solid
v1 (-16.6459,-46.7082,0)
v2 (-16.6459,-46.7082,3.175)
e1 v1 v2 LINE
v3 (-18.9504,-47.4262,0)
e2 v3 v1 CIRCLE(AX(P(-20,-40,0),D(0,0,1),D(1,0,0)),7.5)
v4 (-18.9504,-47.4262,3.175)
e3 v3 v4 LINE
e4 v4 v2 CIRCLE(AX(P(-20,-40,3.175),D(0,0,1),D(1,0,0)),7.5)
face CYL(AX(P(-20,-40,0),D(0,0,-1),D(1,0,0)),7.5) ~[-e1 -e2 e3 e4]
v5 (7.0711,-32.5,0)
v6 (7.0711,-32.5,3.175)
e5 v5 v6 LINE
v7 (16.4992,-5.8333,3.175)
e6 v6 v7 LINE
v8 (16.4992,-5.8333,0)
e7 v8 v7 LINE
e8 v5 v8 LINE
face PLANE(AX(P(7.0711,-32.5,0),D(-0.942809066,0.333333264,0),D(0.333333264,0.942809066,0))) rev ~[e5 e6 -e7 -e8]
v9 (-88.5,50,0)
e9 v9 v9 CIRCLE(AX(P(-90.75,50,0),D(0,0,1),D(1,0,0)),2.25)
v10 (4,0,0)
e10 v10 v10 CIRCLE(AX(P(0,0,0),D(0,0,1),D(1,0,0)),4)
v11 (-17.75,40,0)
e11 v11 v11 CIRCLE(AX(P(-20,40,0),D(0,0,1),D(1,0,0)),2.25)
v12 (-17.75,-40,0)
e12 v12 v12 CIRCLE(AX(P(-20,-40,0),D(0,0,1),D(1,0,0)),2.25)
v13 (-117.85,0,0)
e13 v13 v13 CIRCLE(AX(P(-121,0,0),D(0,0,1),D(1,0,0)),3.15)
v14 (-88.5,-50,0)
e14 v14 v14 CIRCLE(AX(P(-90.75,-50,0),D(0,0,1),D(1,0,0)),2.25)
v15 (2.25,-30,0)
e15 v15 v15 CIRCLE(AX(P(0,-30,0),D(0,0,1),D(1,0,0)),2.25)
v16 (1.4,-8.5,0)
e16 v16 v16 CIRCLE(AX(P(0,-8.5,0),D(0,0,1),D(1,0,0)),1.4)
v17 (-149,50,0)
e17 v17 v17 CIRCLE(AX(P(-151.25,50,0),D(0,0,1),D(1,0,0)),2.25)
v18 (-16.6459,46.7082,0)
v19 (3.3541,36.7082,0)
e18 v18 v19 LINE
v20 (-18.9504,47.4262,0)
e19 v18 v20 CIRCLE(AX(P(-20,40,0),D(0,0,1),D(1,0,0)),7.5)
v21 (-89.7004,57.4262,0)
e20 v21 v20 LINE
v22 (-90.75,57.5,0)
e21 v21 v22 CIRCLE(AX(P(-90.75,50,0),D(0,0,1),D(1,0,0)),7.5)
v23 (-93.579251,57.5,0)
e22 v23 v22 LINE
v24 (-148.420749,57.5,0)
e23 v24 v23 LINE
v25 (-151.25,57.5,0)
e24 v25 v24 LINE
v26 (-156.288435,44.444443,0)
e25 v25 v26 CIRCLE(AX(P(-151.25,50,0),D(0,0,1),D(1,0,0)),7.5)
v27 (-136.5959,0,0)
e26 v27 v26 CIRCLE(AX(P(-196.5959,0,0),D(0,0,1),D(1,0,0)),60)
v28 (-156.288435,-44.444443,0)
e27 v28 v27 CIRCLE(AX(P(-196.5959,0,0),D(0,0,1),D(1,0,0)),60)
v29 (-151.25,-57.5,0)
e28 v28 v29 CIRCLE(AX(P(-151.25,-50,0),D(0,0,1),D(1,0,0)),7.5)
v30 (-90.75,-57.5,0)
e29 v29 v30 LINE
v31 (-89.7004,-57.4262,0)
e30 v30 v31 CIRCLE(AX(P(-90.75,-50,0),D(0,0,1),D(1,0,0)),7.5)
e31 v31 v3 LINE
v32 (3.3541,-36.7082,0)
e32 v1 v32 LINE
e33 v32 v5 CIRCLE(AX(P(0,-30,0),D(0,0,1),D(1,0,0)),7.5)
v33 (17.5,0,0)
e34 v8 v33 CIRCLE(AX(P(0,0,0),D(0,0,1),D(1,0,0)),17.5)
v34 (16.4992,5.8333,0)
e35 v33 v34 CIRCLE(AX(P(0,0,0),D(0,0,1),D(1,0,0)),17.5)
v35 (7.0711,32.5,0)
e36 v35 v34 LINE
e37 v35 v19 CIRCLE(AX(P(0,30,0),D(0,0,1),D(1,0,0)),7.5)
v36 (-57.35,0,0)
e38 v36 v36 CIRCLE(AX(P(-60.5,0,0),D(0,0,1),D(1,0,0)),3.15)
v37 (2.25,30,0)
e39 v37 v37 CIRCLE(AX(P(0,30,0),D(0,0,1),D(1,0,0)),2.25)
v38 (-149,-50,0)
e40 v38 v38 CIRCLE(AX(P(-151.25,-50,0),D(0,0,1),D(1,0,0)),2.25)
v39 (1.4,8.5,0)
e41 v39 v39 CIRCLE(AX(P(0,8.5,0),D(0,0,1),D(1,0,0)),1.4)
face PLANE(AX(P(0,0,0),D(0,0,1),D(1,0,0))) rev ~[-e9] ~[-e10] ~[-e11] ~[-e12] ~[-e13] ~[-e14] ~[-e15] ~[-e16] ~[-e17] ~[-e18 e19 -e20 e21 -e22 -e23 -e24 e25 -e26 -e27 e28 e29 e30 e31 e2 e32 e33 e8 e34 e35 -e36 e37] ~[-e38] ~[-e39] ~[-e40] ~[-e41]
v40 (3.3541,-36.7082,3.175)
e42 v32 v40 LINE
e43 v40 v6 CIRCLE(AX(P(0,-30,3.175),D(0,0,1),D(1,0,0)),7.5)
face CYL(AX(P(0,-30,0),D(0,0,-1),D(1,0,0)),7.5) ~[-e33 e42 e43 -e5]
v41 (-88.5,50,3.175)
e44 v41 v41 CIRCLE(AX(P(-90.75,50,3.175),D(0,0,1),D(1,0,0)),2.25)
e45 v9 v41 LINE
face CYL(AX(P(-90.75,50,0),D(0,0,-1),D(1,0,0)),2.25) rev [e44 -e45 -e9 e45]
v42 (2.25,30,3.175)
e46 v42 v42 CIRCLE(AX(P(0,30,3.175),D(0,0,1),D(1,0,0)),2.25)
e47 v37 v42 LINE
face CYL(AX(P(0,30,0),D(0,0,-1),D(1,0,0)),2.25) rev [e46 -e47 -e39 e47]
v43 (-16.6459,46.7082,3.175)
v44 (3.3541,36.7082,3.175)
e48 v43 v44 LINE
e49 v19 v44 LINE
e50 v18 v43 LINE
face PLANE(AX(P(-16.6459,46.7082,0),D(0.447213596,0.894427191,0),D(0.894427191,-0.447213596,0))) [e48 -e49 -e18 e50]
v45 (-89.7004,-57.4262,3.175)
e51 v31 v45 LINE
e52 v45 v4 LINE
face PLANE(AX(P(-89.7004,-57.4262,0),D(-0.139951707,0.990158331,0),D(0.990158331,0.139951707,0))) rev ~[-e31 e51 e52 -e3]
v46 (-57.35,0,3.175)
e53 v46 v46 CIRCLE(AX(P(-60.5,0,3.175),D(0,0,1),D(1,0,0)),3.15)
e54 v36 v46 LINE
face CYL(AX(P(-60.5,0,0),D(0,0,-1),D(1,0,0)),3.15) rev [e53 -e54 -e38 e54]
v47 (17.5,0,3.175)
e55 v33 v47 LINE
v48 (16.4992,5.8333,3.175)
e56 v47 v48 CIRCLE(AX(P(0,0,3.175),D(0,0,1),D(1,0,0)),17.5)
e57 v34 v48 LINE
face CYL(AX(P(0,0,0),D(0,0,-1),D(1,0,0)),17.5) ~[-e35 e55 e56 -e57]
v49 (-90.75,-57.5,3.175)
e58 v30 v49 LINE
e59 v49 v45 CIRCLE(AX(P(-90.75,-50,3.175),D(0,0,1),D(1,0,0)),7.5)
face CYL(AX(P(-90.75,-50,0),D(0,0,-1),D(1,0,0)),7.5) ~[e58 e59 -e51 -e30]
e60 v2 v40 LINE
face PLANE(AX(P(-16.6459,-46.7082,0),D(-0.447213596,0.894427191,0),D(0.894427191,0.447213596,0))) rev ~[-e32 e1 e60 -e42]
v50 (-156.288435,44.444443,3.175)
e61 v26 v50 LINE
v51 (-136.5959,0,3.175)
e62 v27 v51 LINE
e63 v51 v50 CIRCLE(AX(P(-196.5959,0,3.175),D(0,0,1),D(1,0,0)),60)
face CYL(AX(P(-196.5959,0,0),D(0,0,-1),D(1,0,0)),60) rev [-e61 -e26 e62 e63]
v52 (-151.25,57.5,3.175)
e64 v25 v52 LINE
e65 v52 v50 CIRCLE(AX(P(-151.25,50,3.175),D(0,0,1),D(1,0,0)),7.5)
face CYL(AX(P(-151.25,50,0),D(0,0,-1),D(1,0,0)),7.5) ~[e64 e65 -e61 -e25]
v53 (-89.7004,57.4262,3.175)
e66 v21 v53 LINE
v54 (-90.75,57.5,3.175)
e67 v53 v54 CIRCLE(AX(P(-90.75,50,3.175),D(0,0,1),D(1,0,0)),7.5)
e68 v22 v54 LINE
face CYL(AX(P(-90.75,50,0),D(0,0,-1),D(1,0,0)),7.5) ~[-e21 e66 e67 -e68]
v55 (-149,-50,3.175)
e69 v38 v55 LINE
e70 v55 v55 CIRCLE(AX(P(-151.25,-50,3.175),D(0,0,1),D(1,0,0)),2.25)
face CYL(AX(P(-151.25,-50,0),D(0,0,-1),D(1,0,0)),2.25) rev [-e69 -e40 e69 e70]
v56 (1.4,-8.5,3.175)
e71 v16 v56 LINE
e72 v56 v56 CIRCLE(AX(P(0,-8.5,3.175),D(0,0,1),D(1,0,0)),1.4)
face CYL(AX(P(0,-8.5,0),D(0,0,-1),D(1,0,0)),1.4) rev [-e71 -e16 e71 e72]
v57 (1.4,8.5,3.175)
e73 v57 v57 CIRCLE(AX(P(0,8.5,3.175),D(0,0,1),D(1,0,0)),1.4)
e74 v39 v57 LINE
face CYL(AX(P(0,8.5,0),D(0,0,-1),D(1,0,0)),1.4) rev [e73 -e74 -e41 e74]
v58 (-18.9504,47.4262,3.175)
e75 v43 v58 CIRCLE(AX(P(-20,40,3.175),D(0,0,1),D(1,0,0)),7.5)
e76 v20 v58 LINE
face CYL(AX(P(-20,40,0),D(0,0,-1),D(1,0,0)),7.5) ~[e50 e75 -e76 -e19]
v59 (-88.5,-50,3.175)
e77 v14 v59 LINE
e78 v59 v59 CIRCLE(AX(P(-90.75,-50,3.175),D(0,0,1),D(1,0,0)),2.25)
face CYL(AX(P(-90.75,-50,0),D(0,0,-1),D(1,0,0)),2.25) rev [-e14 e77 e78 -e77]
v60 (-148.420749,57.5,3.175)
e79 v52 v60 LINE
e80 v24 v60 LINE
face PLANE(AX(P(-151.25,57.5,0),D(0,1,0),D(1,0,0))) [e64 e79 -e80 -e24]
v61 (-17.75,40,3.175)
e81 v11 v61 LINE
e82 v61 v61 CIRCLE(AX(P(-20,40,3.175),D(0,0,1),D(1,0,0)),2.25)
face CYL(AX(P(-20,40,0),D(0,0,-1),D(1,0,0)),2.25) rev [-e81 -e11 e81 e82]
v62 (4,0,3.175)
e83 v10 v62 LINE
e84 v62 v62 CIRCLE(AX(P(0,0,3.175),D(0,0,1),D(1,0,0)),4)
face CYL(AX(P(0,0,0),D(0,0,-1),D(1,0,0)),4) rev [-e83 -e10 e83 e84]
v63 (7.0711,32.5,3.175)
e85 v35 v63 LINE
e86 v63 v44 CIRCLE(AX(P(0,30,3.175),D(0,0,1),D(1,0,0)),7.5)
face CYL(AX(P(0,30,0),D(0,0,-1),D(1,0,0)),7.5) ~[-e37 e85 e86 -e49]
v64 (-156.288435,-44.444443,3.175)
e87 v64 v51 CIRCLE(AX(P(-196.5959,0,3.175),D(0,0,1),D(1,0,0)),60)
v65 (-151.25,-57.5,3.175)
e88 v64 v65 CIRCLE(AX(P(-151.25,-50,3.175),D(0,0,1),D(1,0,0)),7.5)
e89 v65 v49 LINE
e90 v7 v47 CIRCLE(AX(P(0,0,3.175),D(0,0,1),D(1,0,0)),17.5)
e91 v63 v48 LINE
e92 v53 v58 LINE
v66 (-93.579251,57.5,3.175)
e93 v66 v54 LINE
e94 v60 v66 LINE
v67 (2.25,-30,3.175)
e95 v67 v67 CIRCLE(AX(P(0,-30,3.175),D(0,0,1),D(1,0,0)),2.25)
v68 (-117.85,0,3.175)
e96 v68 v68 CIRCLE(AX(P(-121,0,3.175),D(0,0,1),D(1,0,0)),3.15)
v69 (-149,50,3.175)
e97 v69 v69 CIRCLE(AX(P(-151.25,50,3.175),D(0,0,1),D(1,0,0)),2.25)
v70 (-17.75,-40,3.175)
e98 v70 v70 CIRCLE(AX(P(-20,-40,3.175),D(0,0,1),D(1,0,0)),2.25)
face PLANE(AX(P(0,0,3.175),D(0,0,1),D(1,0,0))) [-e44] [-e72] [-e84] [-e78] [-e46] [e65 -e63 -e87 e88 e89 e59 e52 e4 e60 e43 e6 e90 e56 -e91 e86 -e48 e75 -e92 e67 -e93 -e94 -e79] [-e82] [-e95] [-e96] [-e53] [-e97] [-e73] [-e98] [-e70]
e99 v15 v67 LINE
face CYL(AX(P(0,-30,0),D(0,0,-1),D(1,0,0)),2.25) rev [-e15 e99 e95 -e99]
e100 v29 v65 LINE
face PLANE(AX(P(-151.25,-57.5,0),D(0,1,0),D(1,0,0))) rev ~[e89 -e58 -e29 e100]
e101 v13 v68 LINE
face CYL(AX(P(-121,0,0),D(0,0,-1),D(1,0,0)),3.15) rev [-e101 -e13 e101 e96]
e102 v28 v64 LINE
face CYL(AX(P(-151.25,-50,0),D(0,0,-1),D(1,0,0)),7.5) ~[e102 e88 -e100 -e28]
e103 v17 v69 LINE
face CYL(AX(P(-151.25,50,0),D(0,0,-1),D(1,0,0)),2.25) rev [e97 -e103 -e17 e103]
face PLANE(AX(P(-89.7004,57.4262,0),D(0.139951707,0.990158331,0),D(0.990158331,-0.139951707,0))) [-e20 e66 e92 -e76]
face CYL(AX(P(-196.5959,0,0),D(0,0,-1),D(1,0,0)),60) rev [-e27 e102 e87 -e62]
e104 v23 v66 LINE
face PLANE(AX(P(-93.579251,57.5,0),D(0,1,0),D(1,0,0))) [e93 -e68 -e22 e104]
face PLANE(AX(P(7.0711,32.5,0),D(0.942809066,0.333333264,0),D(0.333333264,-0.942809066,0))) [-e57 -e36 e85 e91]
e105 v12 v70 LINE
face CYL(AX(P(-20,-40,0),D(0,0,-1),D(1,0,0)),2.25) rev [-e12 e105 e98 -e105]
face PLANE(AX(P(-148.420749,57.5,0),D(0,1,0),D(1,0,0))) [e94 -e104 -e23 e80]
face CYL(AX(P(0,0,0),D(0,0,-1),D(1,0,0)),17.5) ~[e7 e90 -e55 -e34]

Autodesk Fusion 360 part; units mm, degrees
sketch "Sketch1" plane through (0, 0, 0) normal (0, 0, 1) x (1, 0, 0)
  circle A0 centre (0, 0) radius 4
  line L0 (0, 0) -> (-60.5, 0) construction
  line L1 (-60.5, 0) -> (-121, 0) construction
  circle A1 centre (-60.5, 0) radius 3.15
  circle A2 centre (-121, 0) radius 3.15
  circle A3 centre (-60.5, 0) radius 47 construction
  circle A4 centre (-121, 0) radius 47 construction
  circle A5 centre (0, 0) radius 17.5
  circle A6 centre (-60.5, 0) radius 17 construction
  circle A7 centre (0, 0) radius 12.5 construction
  circle A8 centre (0, 30) radius 2.25
  circle A9 centre (0, -30) radius 2.25
  circle A10 centre (0, 30) radius 6 construction
  circle A11 centre (0, -30) radius 6 construction
  line L2 (-90.75, 0) -> (-90.75, 50) construction
  circle A12 centre (-90.75, 50) radius 7.5
  circle A13 centre (-90.75, 50) radius 2.25
  line L3 (-90.75, 0) -> (-90.75, -50) construction
  circle A14 centre (-90.75, -50) radius 7.5
  circle A15 centre (-90.75, -50) radius 2.25
  line L4 (-121, 0) -> (-151.25, 0) construction
  line L5 (-151.25, 0) -> (-151.25, 50) construction
  circle A16 centre (-151.25, 50) radius 7.5
  circle A17 centre (-151.25, 50) radius 2.25
  line L6 (-151.25, 0) -> (-151.25, -50) construction
  circle A18 centre (-151.25, -50) radius 7.5
  circle A19 centre (-151.25, -50) radius 2.25
  circle A20 centre (-20, 40) radius 7.5
  line L7 (-20, 40) -> (-20, 0) construction
  line L8 (-20, 0) -> (-20, -40) construction
  circle A21 centre (-20, -40) radius 7.5
  circle A22 centre (-20, -40) radius 2.25
  circle A23 centre (-20, 40) radius 2.25
  line L9 (-89.7004, -57.4262) -> (-18.9504, -47.4262)
  circle A24 centre (0, -30) radius 7.5
  circle A25 centre (0, 30) radius 7.5
  line L10 (-89.7004, 57.4262) -> (-18.9504, 47.4262)
  circle A26 centre (-196.5959, 0) radius 60
  line L11 (-16.6459, 46.7082) -> (3.3541, 36.7082)
  line L12 (7.0711, 32.5) -> (16.4992, 5.8333)
  line L13 (7.0711, -32.5) -> (16.4992, -5.8333)
  line L14 (-16.6459, -46.7082) -> (3.3541, -36.7082)
  circle A27 centre (-121, 86.6222) radius 40
  line L15 (-151.25, -57.5) -> (-90.75, -57.5)
  line L16 (-160.1233, -61.9813) -> (16.4992, -61.9813) construction
  circle A28 centre (0, 0) radius 8.5 construction
  circle A29 centre (0, 8.5) radius 1.4
  circle A30 centre (0, -8.5) radius 1.4
  line L17 (-151.25, 57.5) -> (-90.75, 57.5)
  dimension "d1" = 8
  dimension "d2" = 60.5
  dimension "d4" = 60.5
  dimension "d6" = 6.3
  dimension "d7" = 6.3
  dimension "d8" = 94
  dimension "d9" = 94
  dimension "d10" = 35
  dimension "d11" = 34
  dimension "d12" = 25
  dimension "d13" = 4.5
  dimension "d14" = 4.5
  dimension "d15" = 60
  dimension "d16" = 12
  dimension "d17" = 12
  dimension "d18" = 15
  dimension "d19" = 50
  dimension "d20" = 4.5
  dimension "d21" = 15
  dimension "d22" = 4.5
  dimension "d23" = 30.25
  dimension "d24" = 15
  dimension "d25" = 4.5
  dimension "d26" = 15
  dimension "d27" = 4.5
  dimension "d28" = 15
  dimension "d29" = 40
  dimension "d30" = 20
  dimension "d31" = 15
  dimension "d32" = 4.5
  dimension "d33" = 4.5
  dimension "d34" = 15
  dimension "d35" = 15
  dimension "d36" = 120
  dimension "d37" = 80
  dimension "d44" = 17
  dimension "d45" = 2.8
  dimension "d46" = 2.8
extrude "Extrude1" add sketch "Sketch1" along normal blind 3.175 contours A5 | A5 A12 A14 A16 A18 A20 A21 L9 A24 A25 L10 A26 L11 L12 L13 L14 A27 L15 | A25 | A24 | A20 | A21 | A12 | A14 | A12 A27 L17 | A27 L17 | A18 | A16 | A16 A27 L17 picked at (-127.9955, 54.7116)
ref_plane "WorkPlane1" through (-70.7689, 0, 3.175) normal (0, 0, 1) x (1, 0, 0)
sketch "Sketch2" plane through (0, 0, 3.175) normal (0, 0, 1) x (1, 0, 0)
  circle A0 centre (-90.75, -50) radius 2.25
  circle A1 centre (0, 30) radius 2.25
  circle A2 centre (-151.25, -50) radius 2.25
  circle A3 centre (0, -30) radius 2.25
  circle A4 centre (0, 0) radius 4
  circle A5 centre (0, 8.5) radius 1.4
  circle A6 centre (0, -8.5) radius 1.4
  circle A7 centre (-20, -40) radius 2.25
  circle A8 centre (-90.75, 50) radius 2.25
  circle A9 centre (-20, 40) radius 2.25
  circle A10 centre (-151.25, 50) radius 2.25
  circle A11 centre (-60.5, 0) radius 3.15
  circle A12 centre (-121, 0) radius 3.15
  line L0 (-151.25, -57.5) -> (-90.75, -57.5)
  arc A13 (-156.2884, -44.4444) -> (-151.25, -57.5) centre (-151.25, -50) ccw
  arc A14 (-156.2884, -44.4444) -> (-156.2884, 44.4444) centre (-196.5959, 0) ccw
  arc A15 (-151.25, 57.5) -> (-156.2884, 44.4444) centre (-151.25, 50) ccw
  line L1 (-151.25, 57.5) -> (-90.75, 57.5)
  arc A16 (-89.7004, 57.4262) -> (-90.75, 57.5) centre (-90.75, 50) ccw
  line L2 (-89.7004, 57.4262) -> (-18.9504, 47.4262)
  arc A17 (-16.6459, 46.7082) -> (-18.9504, 47.4262) centre (-20, 40) ccw
  line L3 (-16.6459, 46.7082) -> (3.3541, 36.7082)
  arc A18 (7.0711, 32.5) -> (3.3541, 36.7082) centre (0, 30) ccw
  line L4 (7.0711, 32.5) -> (16.4992, 5.8333)
  arc A19 (16.4992, -5.8333) -> (16.4992, 5.8333) centre (0, 0) ccw
  line L5 (7.0711, -32.5) -> (16.4992, -5.8333)
  arc A20 (3.3541, -36.7082) -> (7.0711, -32.5) centre (0, -30) ccw
  line L6 (-16.6459, -46.7082) -> (3.3541, -36.7082)
  arc A21 (-18.9504, -47.4262) -> (-16.6459, -46.7082) centre (-20, -40) ccw
  line L7 (-89.7004, -57.4262) -> (-18.9504, -47.4262)
  arc A22 (-90.75, -57.5) -> (-89.7004, -57.4262) centre (-90.75, -50) ccw
equation "d2 = distBetweenGears"
equation "distBetweenGears = 60.5 mm"
equation "d4 = distBetweenGears"
equation "acrylicRoundHoleSize = 6.3 mm"
equation "d6 = acrylicRoundHoleSize"
equation "d7 = acrylicRoundHoleSize"
equation "d13 = WoodScrewHoleSize"
equation "d14 = WoodScrewHoleSize"
equation "d20 = WoodScrewHoleSize"
equation "d22 = WoodScrewHoleSize"
equation "d23 = distBetweenGears / 2"
equation "d25 = WoodScrewHoleSize"
equation "d27 = WoodScrewHoleSize"
equation "d32 = WoodScrewHoleSize"
equation "d33 = WoodScrewHoleSize"
equation "WoodScrewHoleSize = 4.5 mm"
